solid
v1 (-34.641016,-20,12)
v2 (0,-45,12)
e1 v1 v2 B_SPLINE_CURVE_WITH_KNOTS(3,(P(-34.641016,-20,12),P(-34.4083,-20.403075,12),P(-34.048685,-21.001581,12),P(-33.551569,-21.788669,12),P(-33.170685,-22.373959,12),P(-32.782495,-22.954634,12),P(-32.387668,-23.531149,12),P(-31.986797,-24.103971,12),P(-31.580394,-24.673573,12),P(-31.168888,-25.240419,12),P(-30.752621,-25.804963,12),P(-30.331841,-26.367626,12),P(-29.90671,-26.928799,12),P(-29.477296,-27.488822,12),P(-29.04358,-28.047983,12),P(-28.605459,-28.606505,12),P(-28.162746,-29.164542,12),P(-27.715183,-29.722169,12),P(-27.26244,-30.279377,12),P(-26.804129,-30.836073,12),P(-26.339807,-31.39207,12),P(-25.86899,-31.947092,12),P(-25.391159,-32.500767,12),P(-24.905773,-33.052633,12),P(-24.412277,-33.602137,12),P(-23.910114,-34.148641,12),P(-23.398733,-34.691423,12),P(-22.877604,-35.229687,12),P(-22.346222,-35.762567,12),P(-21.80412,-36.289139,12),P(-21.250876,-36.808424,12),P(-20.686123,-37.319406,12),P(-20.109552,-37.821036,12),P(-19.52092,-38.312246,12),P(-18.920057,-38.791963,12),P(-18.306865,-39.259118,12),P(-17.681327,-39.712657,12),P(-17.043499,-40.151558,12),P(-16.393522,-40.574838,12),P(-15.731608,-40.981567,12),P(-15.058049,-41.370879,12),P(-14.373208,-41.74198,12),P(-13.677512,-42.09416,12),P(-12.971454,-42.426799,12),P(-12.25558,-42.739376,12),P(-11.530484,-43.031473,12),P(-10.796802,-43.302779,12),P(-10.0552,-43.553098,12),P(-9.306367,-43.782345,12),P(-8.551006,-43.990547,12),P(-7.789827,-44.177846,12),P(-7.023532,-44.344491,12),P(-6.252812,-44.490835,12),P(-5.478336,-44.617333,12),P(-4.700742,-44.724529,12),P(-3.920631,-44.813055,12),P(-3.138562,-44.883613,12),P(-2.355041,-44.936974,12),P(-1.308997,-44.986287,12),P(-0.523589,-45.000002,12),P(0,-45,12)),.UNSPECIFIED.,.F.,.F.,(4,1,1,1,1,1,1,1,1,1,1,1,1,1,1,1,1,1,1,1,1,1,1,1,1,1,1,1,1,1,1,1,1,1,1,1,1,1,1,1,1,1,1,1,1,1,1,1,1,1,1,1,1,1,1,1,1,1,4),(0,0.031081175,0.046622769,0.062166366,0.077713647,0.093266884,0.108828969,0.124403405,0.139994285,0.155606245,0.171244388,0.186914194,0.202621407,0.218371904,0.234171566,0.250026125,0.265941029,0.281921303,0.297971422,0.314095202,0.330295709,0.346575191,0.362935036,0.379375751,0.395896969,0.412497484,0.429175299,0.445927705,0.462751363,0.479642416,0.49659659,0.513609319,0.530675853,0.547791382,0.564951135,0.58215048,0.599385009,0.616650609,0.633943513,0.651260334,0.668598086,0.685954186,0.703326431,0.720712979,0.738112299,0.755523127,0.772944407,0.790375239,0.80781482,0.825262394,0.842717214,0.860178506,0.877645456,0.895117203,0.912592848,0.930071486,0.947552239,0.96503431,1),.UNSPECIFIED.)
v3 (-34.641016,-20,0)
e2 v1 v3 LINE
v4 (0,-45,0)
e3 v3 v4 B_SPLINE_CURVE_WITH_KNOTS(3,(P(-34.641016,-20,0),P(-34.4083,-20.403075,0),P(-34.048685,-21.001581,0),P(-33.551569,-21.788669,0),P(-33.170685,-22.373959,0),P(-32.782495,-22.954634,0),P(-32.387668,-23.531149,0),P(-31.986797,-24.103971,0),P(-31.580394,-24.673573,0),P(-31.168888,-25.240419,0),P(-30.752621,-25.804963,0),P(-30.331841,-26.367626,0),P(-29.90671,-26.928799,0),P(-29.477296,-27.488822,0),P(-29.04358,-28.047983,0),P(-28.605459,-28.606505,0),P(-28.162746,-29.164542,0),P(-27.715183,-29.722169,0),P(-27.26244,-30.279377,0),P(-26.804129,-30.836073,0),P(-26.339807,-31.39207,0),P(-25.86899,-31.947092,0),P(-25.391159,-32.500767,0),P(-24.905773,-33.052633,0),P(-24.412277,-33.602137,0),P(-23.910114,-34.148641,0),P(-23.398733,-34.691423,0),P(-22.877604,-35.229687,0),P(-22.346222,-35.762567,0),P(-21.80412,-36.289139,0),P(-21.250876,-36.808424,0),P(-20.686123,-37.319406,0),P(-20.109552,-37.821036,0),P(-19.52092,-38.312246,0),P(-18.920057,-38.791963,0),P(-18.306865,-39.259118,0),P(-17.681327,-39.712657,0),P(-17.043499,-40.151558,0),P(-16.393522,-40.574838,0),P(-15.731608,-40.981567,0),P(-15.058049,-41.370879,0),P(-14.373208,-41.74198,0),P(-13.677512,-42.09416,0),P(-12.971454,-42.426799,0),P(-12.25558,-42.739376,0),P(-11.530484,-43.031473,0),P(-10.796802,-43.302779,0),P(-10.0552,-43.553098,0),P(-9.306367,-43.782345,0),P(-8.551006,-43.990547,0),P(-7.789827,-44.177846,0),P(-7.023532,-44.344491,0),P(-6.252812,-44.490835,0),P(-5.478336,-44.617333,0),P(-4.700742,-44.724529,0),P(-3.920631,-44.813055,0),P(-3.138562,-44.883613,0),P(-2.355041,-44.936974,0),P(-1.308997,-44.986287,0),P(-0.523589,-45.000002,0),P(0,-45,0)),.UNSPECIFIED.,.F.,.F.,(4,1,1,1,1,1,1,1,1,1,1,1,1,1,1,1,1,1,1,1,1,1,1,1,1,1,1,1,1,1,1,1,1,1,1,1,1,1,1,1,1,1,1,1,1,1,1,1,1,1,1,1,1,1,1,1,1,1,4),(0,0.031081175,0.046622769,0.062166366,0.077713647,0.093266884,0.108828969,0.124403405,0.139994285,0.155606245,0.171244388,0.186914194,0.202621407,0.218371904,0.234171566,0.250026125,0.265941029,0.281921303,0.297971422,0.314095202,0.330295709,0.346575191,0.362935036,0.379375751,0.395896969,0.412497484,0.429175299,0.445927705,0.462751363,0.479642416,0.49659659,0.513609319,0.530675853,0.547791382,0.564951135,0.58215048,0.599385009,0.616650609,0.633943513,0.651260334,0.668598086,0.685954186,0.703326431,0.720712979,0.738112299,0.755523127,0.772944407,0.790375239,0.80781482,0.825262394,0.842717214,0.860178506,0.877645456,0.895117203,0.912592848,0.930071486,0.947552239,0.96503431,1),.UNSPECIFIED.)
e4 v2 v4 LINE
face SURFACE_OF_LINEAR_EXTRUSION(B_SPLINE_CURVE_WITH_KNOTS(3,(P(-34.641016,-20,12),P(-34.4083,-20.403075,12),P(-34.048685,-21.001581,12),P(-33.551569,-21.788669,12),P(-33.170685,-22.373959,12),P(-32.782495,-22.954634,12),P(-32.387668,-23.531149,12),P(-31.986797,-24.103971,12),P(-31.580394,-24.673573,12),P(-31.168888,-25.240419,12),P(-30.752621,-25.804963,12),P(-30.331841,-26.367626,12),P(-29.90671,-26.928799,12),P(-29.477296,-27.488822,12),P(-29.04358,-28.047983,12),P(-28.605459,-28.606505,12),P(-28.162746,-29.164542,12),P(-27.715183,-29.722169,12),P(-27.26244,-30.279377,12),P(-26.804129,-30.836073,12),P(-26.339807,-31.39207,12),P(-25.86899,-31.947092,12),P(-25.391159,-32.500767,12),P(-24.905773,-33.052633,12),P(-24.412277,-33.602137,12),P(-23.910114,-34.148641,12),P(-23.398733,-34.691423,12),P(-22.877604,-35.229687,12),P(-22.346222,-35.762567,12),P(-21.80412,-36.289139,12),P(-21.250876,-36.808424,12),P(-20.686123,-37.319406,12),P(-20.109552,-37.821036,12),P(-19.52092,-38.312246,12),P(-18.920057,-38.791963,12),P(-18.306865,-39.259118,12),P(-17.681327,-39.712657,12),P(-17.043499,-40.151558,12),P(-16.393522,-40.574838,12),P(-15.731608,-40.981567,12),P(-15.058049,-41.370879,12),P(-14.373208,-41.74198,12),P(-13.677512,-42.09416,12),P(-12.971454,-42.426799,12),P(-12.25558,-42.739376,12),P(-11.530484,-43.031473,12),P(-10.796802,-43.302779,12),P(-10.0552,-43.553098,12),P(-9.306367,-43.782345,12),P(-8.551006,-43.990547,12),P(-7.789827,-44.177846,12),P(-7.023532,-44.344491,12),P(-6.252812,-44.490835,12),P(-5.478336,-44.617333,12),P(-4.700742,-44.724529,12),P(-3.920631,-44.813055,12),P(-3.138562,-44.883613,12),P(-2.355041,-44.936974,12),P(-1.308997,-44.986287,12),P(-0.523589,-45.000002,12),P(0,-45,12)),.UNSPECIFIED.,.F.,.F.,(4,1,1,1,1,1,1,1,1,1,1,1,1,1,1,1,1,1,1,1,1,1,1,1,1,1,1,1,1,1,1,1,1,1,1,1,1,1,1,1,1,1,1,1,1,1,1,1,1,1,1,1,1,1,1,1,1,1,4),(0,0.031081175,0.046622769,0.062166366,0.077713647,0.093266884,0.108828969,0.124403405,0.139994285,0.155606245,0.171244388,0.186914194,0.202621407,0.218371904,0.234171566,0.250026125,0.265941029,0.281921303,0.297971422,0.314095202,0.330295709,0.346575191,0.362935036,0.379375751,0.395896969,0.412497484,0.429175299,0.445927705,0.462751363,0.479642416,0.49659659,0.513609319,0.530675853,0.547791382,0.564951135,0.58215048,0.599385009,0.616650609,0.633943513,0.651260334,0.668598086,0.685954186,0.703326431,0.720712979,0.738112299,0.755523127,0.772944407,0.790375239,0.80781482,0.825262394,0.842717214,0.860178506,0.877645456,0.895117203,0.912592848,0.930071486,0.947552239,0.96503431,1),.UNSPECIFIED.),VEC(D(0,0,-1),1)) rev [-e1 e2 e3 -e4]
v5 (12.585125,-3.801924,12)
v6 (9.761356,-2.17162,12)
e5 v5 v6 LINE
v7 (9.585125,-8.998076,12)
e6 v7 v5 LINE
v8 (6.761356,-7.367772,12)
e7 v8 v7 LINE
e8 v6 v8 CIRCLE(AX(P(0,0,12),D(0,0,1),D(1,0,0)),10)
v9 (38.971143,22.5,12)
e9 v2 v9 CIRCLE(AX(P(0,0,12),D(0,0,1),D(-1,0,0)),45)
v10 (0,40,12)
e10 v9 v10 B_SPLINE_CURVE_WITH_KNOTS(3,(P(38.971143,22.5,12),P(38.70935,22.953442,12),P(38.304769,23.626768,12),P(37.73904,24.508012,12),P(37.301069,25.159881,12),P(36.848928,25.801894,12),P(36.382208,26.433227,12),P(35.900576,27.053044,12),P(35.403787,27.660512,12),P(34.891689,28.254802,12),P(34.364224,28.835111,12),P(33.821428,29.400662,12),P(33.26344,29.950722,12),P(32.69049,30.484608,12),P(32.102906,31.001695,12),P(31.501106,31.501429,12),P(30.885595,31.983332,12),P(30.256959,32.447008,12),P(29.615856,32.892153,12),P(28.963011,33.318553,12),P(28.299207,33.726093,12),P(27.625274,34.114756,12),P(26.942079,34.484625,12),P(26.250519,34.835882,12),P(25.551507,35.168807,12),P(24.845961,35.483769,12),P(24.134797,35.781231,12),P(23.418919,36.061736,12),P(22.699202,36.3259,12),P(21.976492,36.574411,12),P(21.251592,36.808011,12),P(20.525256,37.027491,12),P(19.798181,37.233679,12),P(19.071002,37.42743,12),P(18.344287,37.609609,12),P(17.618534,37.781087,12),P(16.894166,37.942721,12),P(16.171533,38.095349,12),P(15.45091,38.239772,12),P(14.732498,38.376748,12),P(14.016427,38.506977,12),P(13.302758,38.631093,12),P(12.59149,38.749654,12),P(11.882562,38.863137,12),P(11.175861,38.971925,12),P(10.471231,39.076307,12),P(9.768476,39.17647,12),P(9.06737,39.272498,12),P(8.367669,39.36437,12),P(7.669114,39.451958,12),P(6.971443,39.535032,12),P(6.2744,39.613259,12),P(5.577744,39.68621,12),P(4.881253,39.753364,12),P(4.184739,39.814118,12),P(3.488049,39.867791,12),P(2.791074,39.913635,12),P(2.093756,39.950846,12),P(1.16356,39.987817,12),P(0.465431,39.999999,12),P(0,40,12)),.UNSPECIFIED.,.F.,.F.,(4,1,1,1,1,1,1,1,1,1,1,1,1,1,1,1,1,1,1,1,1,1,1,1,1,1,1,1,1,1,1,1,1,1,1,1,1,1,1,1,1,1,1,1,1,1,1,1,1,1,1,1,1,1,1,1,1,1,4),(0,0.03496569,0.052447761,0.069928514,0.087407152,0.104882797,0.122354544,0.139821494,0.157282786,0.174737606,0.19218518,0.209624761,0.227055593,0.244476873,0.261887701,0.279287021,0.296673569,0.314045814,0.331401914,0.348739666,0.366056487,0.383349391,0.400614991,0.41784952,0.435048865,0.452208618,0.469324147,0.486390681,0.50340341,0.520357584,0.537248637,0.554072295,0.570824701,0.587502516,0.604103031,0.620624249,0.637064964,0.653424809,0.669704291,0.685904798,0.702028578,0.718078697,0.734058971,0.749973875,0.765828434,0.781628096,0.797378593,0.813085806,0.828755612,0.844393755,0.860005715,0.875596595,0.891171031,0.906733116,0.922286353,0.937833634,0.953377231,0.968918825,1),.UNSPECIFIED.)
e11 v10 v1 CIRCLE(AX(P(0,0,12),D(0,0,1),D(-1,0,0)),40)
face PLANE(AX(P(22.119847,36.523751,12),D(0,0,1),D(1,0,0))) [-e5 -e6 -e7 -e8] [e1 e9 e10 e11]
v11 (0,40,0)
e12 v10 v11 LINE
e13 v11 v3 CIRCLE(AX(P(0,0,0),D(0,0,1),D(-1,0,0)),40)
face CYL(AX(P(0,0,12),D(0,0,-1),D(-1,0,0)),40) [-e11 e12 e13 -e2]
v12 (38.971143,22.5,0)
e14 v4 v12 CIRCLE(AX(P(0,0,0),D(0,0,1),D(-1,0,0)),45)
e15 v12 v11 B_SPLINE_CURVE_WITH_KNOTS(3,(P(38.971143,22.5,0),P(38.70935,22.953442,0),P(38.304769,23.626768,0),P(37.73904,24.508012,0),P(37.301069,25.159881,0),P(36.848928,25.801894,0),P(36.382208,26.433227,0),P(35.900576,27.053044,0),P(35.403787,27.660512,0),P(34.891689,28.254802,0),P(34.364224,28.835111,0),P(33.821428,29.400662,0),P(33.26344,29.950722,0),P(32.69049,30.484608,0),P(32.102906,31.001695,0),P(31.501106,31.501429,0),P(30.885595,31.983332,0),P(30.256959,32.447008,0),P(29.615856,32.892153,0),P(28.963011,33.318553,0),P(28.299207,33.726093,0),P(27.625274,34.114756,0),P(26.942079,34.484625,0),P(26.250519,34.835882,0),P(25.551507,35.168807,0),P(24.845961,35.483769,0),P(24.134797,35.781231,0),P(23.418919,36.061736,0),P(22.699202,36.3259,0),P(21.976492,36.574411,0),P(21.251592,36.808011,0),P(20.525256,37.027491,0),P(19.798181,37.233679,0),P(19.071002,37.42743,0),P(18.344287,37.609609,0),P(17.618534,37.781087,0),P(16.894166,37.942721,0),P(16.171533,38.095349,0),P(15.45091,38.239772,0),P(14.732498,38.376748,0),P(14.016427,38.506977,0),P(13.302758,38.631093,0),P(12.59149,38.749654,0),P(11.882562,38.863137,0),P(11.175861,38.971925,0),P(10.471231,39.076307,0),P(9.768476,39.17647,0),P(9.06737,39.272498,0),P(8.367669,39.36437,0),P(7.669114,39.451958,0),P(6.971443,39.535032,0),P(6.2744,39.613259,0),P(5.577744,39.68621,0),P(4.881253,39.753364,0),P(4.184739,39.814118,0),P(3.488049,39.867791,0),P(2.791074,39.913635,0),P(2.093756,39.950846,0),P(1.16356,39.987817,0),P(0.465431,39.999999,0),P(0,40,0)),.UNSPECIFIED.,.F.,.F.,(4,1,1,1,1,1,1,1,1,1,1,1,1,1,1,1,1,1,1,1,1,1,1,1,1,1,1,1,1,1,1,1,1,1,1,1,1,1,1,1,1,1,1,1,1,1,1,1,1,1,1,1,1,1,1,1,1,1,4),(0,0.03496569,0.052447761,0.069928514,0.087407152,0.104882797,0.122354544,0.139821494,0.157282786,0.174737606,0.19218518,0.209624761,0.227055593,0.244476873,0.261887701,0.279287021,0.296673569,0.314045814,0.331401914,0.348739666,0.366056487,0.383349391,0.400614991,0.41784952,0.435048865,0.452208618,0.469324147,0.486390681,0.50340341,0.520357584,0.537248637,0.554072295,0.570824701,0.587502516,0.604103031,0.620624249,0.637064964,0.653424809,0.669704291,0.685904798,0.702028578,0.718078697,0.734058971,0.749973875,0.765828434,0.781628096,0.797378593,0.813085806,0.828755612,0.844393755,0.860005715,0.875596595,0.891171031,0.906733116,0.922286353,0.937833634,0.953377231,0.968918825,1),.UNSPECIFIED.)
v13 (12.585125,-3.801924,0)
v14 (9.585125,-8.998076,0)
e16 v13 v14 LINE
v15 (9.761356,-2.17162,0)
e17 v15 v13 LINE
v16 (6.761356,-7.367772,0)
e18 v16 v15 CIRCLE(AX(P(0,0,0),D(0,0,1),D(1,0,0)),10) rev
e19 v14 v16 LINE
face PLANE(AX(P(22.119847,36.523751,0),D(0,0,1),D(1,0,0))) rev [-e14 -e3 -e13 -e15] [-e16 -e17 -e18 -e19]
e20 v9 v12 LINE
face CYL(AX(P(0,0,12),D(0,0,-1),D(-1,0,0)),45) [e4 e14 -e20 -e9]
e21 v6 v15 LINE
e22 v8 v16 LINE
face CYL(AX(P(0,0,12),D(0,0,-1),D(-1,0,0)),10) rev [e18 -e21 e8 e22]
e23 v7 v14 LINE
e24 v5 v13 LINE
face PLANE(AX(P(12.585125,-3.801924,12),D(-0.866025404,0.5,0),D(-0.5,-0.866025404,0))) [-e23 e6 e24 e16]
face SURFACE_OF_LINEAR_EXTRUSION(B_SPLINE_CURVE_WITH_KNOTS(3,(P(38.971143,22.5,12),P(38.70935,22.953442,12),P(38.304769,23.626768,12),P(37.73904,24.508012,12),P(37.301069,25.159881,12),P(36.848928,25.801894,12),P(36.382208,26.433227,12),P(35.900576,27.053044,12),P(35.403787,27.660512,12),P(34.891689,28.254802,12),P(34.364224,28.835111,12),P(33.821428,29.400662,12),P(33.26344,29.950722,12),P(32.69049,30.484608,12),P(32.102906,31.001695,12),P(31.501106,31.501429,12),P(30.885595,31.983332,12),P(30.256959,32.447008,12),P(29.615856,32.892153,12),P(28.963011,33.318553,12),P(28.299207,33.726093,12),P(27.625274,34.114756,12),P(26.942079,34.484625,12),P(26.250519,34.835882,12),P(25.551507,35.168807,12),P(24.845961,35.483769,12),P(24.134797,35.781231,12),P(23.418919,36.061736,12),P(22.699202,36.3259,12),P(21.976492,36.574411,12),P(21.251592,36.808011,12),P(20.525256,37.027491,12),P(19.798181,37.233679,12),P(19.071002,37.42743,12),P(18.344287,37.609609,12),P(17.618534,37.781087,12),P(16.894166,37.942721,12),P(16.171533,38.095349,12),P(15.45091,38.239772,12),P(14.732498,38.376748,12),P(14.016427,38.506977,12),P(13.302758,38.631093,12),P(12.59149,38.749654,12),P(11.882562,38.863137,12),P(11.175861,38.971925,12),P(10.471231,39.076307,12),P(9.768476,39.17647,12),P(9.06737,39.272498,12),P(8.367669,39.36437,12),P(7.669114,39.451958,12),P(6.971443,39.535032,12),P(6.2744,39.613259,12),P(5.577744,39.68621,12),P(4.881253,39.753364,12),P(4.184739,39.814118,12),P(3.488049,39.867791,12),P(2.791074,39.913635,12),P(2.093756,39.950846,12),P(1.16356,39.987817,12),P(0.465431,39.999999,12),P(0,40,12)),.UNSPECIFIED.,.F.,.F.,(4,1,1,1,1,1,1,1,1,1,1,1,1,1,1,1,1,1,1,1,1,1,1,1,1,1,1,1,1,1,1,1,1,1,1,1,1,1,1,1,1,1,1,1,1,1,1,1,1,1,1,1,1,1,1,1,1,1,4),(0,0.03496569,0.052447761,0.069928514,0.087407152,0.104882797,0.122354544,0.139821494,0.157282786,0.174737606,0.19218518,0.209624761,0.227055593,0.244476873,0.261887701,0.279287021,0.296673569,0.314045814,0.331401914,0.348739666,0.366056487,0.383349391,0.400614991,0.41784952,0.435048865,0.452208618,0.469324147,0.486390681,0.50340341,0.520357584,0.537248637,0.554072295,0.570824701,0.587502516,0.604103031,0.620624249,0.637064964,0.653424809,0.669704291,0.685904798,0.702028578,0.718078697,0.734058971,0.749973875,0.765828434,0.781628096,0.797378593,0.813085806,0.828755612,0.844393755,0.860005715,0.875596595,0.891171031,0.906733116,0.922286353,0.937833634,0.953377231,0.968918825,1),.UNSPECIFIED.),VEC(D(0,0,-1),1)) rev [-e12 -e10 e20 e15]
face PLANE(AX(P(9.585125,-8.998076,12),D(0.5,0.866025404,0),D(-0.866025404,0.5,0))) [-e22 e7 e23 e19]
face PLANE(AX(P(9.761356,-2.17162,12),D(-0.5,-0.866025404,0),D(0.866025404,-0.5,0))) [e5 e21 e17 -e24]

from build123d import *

# Parameters (mm, degrees)
EXTRUDE_1_DEPTH          = 12
CUT_EXTRUDE_1_DEPTH      = 12
CUT_EXTRUDE_1_DEPTH_BACK = 12


with BuildPart() as part:
    # 草图1 → 凸台-拉伸1 (new body)
    with BuildSketch(Plane.XY):
        with BuildLine():
            ThreePointArc((38.97114317, 22.5), (38.97114317, -22.5), (0, -45))
            add(Edge.make_bspline(
                [(0, -45), (-0.523588562, -45.000001824), (-1.308996546, -44.986287154), (-2.355040538, -44.936973624), (-3.138561651, -44.883613379), (-3.920631292, -44.813054932), (-4.70074178, -44.724529495), (-5.478335846, -44.617332694), (-6.252812136, -44.490834911), (-7.02353199, -44.344490532), (-7.789826844, -44.177846129), (-8.551006285, -43.990547434), (-9.306366601, -43.782344994), (-10.055199679, -43.553098452), (-10.796802122, -43.302779375), (-11.530484409, -43.031472601), (-12.255579979, -42.73937609), (-12.971454051, -42.426799279), (-13.677512056, -42.09415998), (-14.37320753, -41.741979863), (-15.05804933, -41.370878602), (-15.731608057, -40.981566772), (-16.393521567, -40.574837604), (-17.043499489, -40.151557733), (-17.681326658, -39.712657057), (-18.306865404, -39.259117879), (-18.920056659, -38.791963465), (-19.520919847, -38.312246209), (-20.109551561, -37.821035543), (-20.686123026, -37.31940579), (-21.250876386, -36.808424103), (-21.804119858, -36.289138682), (-22.346221822, -35.762567407), (-22.877603916, -35.229687052), (-23.398733251, -34.691423221), (-23.910113836, -34.148641142), (-24.412277346, -33.602137436), (-24.905773374, -33.052632959), (-25.391159289, -32.500766815), (-25.868989871, -31.947091613), (-26.339806873, -31.392070001), (-26.804128666, -30.836072544), (-27.262440122, -30.279376925), (-27.715182905, -29.7221685), (-28.162746317, -29.164542162), (-28.605458836, -28.606505484), (-29.043580492, -28.047983083), (-29.477296206, -27.488822134), (-29.90671018, -26.928798938), (-30.331841461, -26.367626442), (-30.75262073, -25.804962595), (-31.168888381, -25.240419403), (-31.580393929, -24.673572552), (-31.986796771, -24.103971433), (-32.387668279, -23.531149436), (-32.782495247, -22.954634315), (-33.170684562, -22.373958572), (-33.551569347, -21.788669334), (-34.048685337, -21.001581207), (-34.408299842, -20.403074718), (-34.641016151, -20)],
                knots=[0, 0, 0, 0, 0.03496569, 0.052447761, 0.069928514, 0.087407152, 0.104882797, 0.122354544, 0.139821494, 0.157282786, 0.174737606, 0.19218518, 0.209624761, 0.227055593, 0.244476873, 0.261887701, 0.279287021, 0.296673569, 0.314045814, 0.331401914, 0.348739666, 0.366056487, 0.383349391, 0.400614991, 0.41784952, 0.435048865, 0.452208618, 0.469324147, 0.486390681, 0.50340341, 0.520357584, 0.537248637, 0.554072295, 0.570824701, 0.587502516, 0.604103031, 0.620624249, 0.637064964, 0.653424809, 0.669704291, 0.685904798, 0.702028578, 0.718078697, 0.734058971, 0.749973875, 0.765828434, 0.781628096, 0.797378593, 0.813085806, 0.828755612, 0.844393755, 0.860005715, 0.875596595, 0.891171031, 0.906733116, 0.922286353, 0.937833634, 0.953377231, 0.968918825, 1, 1, 1, 1], degree=3))
            ThreePointArc((-34.641016151, -20), (-34.641016151, 20), (0, 40))
            add(Edge.make_bspline(
                [(0, 40), (0.4654311, 39.999999123), (1.163560176, 39.987817071), (2.093756484, 39.950846058), (2.791074225, 39.913634778), (3.488048828, 39.867790841), (4.184739053, 39.814118217), (4.881253208, 39.753364306), (5.577743667, 39.68620968), (6.274400215, 39.613258847), (6.971442786, 39.535032082), (7.669113606, 39.45195847), (8.367668884, 39.364370228), (9.067370185, 39.272498416), (9.768475628, 39.176470065), (10.471231044, 39.07630678), (11.175861244, 38.971924832), (11.882561524, 38.863136716), (12.591489567, 38.749654177), (13.302757843, 38.631092623), (14.016426662, 38.506976884), (14.732497978, 38.376748205), (15.45091006, 38.239772383), (16.171533117, 38.095348923), (16.894165968, 37.942721064), (17.618533816, 37.78108656), (18.344287177, 37.609609022), (19.071001996, 37.427429695), (19.798180969, 37.23367948), (20.525256051, 37.027491046), (21.251592153, 36.808010854), (21.976491955, 36.574410941), (22.699201797, 36.325900283), (23.41891857, 36.061735598), (24.134797494, 35.78123144), (24.845960711, 35.483769443), (25.551506534, 35.168806587), (26.250519254, 34.835882393), (26.942079336, 34.484624936), (27.625273883, 34.114755605), (28.299207181, 33.726092553), (28.963011201, 33.318552786), (29.615855866, 32.892152891), (30.256958951, 32.447008371), (30.885595446, 31.983331645), (31.50110623, 31.501428717), (32.102905932, 31.001694605), (32.690489833, 30.484607589), (33.263439702, 29.95072239), (33.821428462, 29.400662388), (34.36422361, 28.835111002), (34.891689323, 28.254802394), (35.403787201, 27.66051161), (35.900575639, 27.05304436), (36.382207825, 26.433226546), (36.848928347, 25.801893764), (37.301068575, 25.15988081), (37.739040459, 24.508011745), (38.304769224, 23.62676784), (38.709350469, 22.953441907), (38.97114317, 22.5)],
                knots=[0, 0, 0, 0, 0.031081175, 0.046622769, 0.062166366, 0.077713647, 0.093266884, 0.108828969, 0.124403405, 0.139994285, 0.155606245, 0.171244388, 0.186914194, 0.202621407, 0.218371904, 0.234171566, 0.250026125, 0.265941029, 0.281921303, 0.297971422, 0.314095202, 0.330295709, 0.346575191, 0.362935036, 0.379375751, 0.395896969, 0.412497484, 0.429175299, 0.445927705, 0.462751363, 0.479642416, 0.49659659, 0.513609319, 0.530675853, 0.547791382, 0.564951135, 0.58215048, 0.599385009, 0.616650609, 0.633943513, 0.651260334, 0.668598086, 0.685954186, 0.703326431, 0.720712979, 0.738112299, 0.755523127, 0.772944407, 0.790375239, 0.80781482, 0.825262394, 0.842717214, 0.860178506, 0.877645456, 0.895117203, 0.912592848, 0.930071486, 0.947552239, 0.96503431, 1, 1, 1, 1], degree=3))
        make_face()
    extrude(amount=EXTRUDE_1_DEPTH)

    # 草图2 → 切除-拉伸1 (cut, two sides: drawn at the far end of the back side and taken through both)
    with BuildSketch(Plane.XY.offset(-CUT_EXTRUDE_1_DEPTH_BACK)):
        with BuildLine():
            Line((9.761355821, -2.171619796), (12.585125127, -3.801923765))
            Line((12.585125127, -3.801923765), (9.585125127, -8.998076188))
            Line((9.585125127, -8.998076188), (6.761355821, -7.367772218))
            ThreePointArc((6.761355821, -7.367772218), (-8.660254038, 5), (9.761355821, -2.171619796))
        make_face()
    extrude(amount=CUT_EXTRUDE_1_DEPTH + CUT_EXTRUDE_1_DEPTH_BACK, mode=Mode.SUBTRACT)


solid = part.part
